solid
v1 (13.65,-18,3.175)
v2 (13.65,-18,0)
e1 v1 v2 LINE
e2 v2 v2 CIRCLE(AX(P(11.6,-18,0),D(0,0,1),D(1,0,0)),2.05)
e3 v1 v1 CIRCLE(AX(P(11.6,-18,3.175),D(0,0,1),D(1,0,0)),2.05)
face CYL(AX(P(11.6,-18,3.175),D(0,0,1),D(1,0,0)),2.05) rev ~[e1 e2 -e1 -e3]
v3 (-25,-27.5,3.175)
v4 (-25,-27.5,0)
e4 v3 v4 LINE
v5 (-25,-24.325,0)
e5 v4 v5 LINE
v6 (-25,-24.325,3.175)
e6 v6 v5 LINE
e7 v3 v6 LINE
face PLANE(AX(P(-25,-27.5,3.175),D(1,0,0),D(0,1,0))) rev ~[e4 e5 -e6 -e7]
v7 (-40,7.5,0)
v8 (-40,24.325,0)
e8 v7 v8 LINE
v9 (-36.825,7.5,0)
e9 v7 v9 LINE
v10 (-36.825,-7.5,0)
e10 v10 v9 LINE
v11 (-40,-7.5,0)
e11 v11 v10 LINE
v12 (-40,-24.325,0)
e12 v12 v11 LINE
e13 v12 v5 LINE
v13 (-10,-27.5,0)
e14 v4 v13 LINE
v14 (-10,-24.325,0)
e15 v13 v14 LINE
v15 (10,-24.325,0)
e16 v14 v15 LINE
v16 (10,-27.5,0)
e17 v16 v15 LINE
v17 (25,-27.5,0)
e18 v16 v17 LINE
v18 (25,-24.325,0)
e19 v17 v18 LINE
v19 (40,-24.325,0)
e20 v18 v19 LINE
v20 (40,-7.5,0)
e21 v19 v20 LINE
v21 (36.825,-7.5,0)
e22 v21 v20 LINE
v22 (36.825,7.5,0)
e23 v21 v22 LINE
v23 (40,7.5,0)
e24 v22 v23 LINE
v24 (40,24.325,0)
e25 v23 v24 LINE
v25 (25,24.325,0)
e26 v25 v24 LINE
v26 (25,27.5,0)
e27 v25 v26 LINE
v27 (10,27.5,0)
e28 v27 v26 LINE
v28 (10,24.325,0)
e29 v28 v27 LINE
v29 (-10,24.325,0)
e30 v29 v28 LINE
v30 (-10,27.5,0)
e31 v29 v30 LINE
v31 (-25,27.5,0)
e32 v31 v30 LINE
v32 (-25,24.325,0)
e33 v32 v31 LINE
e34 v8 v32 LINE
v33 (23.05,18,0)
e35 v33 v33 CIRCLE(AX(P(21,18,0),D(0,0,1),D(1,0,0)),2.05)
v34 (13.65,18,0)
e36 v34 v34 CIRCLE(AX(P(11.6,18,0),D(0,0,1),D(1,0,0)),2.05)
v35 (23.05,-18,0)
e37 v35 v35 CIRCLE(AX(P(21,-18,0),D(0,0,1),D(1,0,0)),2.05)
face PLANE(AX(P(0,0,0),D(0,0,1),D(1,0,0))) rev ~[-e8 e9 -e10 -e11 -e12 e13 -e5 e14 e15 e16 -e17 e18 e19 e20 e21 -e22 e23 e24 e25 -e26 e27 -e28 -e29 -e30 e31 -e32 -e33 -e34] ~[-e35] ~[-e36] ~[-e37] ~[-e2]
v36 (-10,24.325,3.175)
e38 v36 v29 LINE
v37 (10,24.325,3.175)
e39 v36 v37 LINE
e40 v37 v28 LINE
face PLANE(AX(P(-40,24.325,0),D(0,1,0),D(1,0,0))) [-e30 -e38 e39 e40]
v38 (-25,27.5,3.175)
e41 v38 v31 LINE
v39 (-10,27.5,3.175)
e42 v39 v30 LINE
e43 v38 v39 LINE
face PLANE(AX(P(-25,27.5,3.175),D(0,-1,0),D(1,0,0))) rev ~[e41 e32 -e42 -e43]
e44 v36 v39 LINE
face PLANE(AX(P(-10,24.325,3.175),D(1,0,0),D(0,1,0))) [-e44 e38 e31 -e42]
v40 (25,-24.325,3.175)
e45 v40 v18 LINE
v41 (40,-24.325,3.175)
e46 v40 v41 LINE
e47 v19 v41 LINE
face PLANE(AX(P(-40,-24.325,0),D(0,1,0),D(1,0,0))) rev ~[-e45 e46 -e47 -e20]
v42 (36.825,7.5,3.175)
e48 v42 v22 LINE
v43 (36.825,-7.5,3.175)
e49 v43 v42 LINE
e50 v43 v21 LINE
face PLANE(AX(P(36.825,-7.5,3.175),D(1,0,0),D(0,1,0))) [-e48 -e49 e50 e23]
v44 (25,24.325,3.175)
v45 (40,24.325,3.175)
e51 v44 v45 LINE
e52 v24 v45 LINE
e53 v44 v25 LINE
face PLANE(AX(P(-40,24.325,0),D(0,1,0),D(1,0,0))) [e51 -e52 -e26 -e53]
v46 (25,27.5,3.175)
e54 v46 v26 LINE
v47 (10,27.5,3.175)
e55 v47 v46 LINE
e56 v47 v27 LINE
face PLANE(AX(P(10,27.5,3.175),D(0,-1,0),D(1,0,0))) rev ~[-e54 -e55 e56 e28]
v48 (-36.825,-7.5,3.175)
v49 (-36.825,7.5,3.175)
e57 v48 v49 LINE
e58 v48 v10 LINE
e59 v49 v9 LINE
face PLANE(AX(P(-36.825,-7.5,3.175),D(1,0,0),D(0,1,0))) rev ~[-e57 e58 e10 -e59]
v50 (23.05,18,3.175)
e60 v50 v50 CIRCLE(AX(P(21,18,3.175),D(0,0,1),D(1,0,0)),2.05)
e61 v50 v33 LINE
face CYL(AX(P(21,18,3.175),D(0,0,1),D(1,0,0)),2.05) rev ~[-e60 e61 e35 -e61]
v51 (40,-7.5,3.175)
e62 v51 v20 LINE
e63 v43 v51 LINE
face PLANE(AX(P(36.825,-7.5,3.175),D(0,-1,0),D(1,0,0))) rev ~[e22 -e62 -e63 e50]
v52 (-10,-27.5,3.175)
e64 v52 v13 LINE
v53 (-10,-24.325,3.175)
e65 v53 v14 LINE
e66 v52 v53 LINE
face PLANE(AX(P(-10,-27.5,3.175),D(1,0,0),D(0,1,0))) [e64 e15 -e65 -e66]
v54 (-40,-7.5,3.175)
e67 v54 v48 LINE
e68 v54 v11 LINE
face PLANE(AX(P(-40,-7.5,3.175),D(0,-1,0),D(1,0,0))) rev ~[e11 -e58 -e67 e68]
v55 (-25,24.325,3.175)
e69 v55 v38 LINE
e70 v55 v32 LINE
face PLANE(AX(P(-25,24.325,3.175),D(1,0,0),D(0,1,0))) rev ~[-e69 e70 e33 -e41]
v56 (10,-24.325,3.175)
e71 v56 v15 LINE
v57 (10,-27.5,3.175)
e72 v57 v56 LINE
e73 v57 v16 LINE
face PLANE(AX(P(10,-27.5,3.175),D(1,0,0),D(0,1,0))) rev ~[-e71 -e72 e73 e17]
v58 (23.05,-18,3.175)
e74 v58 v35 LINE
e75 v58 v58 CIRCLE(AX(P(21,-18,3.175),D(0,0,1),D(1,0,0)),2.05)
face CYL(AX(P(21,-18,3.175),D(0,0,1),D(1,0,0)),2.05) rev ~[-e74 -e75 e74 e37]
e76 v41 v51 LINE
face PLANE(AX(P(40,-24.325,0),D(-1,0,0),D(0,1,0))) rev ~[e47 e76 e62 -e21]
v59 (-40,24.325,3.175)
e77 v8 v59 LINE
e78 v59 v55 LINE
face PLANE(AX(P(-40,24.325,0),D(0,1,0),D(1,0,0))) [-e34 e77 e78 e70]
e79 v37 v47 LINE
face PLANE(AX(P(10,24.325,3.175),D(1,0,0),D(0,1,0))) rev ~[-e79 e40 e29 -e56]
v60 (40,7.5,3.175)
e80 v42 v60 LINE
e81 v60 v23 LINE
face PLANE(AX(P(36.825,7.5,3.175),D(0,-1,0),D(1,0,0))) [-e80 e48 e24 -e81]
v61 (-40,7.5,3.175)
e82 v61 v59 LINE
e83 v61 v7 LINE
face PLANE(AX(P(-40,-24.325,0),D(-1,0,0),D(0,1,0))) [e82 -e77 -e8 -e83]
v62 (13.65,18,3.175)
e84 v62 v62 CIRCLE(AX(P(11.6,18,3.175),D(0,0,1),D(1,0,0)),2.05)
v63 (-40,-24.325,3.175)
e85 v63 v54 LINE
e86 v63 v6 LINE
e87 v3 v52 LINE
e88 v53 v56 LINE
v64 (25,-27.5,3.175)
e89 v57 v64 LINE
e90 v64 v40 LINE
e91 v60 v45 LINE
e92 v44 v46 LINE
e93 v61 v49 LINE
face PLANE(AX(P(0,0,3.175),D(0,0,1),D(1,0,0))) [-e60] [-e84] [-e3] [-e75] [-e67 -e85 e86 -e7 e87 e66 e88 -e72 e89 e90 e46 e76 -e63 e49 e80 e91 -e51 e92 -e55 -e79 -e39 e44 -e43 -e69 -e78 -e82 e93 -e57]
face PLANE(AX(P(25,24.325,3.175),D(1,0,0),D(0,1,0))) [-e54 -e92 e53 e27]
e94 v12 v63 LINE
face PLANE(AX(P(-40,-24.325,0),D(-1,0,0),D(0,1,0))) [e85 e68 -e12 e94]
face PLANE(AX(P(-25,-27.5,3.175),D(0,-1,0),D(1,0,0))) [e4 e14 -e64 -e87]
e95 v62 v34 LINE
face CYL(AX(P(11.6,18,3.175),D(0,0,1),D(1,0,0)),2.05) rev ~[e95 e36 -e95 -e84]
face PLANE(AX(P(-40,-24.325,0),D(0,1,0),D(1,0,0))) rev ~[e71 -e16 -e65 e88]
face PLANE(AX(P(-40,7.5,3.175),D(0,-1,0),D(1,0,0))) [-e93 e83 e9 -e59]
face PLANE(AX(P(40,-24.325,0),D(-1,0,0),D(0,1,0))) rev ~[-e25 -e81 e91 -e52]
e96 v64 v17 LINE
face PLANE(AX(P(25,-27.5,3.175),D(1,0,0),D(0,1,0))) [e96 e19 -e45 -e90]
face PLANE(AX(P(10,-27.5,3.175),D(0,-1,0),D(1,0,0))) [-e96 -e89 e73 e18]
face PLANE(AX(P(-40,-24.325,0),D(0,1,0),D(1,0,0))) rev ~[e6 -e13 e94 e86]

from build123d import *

# Parameters (mm, degrees)
F1_W     = 80
F1_H     = 48.65
F2_DEPTH = 3.175
F3_W     = 15
F3_H     = 3.175
F4_DEPTH = 3.175
F5_W     = 3.175
F5_H     = 15
F6_DEPTH = 3.176
F7_R     = 2.05
F8_DEPTH = 3.176


with BuildPart() as f2:
    # F1 (on Top) → F2 (new body)
    with BuildSketch(Plane.XY):
        Rectangle(F1_W, F1_H)
    extrude(amount=F2_DEPTH)

    # F3 (on face) → F4 (join, through all)
    with BuildSketch(Plane.XY.offset(3.175)):
        with Locations((-17.5, -25.9125)):
            Rectangle(F3_W, F3_H)
        with Locations((17.5, -25.9125)):
            Rectangle(F3_W, F3_H)
        with Locations((-17.5, 25.9125)):
            Rectangle(F3_W, F3_H)
        with Locations((17.5, 25.9125)):
            Rectangle(F3_W, F3_H)
    extrude(amount=-F4_DEPTH)

    # F5 (on face) → F6 (cut, through all)
    with BuildSketch(Plane.XY.offset(3.175)):
        with Locations((38.4125, 0)):
            Rectangle(F5_W, F5_H)
        with Locations((-38.4125, 0)):
            Rectangle(F5_W, F5_H)
    extrude(amount=-F6_DEPTH, mode=Mode.SUBTRACT)

    # F7 (on face) → F8 (cut, through all)
    with BuildSketch(Plane.XY.offset(3.175)):
        with Locations((11.6, 18)):
            Circle(F7_R)
        with Locations((21, 18)):
            Circle(F7_R)
        with Locations((21, -18)):
            Circle(F7_R)
        with Locations((11.6, -18)):
            Circle(F7_R)
    extrude(amount=-F8_DEPTH, mode=Mode.SUBTRACT)


solid = f2.part
